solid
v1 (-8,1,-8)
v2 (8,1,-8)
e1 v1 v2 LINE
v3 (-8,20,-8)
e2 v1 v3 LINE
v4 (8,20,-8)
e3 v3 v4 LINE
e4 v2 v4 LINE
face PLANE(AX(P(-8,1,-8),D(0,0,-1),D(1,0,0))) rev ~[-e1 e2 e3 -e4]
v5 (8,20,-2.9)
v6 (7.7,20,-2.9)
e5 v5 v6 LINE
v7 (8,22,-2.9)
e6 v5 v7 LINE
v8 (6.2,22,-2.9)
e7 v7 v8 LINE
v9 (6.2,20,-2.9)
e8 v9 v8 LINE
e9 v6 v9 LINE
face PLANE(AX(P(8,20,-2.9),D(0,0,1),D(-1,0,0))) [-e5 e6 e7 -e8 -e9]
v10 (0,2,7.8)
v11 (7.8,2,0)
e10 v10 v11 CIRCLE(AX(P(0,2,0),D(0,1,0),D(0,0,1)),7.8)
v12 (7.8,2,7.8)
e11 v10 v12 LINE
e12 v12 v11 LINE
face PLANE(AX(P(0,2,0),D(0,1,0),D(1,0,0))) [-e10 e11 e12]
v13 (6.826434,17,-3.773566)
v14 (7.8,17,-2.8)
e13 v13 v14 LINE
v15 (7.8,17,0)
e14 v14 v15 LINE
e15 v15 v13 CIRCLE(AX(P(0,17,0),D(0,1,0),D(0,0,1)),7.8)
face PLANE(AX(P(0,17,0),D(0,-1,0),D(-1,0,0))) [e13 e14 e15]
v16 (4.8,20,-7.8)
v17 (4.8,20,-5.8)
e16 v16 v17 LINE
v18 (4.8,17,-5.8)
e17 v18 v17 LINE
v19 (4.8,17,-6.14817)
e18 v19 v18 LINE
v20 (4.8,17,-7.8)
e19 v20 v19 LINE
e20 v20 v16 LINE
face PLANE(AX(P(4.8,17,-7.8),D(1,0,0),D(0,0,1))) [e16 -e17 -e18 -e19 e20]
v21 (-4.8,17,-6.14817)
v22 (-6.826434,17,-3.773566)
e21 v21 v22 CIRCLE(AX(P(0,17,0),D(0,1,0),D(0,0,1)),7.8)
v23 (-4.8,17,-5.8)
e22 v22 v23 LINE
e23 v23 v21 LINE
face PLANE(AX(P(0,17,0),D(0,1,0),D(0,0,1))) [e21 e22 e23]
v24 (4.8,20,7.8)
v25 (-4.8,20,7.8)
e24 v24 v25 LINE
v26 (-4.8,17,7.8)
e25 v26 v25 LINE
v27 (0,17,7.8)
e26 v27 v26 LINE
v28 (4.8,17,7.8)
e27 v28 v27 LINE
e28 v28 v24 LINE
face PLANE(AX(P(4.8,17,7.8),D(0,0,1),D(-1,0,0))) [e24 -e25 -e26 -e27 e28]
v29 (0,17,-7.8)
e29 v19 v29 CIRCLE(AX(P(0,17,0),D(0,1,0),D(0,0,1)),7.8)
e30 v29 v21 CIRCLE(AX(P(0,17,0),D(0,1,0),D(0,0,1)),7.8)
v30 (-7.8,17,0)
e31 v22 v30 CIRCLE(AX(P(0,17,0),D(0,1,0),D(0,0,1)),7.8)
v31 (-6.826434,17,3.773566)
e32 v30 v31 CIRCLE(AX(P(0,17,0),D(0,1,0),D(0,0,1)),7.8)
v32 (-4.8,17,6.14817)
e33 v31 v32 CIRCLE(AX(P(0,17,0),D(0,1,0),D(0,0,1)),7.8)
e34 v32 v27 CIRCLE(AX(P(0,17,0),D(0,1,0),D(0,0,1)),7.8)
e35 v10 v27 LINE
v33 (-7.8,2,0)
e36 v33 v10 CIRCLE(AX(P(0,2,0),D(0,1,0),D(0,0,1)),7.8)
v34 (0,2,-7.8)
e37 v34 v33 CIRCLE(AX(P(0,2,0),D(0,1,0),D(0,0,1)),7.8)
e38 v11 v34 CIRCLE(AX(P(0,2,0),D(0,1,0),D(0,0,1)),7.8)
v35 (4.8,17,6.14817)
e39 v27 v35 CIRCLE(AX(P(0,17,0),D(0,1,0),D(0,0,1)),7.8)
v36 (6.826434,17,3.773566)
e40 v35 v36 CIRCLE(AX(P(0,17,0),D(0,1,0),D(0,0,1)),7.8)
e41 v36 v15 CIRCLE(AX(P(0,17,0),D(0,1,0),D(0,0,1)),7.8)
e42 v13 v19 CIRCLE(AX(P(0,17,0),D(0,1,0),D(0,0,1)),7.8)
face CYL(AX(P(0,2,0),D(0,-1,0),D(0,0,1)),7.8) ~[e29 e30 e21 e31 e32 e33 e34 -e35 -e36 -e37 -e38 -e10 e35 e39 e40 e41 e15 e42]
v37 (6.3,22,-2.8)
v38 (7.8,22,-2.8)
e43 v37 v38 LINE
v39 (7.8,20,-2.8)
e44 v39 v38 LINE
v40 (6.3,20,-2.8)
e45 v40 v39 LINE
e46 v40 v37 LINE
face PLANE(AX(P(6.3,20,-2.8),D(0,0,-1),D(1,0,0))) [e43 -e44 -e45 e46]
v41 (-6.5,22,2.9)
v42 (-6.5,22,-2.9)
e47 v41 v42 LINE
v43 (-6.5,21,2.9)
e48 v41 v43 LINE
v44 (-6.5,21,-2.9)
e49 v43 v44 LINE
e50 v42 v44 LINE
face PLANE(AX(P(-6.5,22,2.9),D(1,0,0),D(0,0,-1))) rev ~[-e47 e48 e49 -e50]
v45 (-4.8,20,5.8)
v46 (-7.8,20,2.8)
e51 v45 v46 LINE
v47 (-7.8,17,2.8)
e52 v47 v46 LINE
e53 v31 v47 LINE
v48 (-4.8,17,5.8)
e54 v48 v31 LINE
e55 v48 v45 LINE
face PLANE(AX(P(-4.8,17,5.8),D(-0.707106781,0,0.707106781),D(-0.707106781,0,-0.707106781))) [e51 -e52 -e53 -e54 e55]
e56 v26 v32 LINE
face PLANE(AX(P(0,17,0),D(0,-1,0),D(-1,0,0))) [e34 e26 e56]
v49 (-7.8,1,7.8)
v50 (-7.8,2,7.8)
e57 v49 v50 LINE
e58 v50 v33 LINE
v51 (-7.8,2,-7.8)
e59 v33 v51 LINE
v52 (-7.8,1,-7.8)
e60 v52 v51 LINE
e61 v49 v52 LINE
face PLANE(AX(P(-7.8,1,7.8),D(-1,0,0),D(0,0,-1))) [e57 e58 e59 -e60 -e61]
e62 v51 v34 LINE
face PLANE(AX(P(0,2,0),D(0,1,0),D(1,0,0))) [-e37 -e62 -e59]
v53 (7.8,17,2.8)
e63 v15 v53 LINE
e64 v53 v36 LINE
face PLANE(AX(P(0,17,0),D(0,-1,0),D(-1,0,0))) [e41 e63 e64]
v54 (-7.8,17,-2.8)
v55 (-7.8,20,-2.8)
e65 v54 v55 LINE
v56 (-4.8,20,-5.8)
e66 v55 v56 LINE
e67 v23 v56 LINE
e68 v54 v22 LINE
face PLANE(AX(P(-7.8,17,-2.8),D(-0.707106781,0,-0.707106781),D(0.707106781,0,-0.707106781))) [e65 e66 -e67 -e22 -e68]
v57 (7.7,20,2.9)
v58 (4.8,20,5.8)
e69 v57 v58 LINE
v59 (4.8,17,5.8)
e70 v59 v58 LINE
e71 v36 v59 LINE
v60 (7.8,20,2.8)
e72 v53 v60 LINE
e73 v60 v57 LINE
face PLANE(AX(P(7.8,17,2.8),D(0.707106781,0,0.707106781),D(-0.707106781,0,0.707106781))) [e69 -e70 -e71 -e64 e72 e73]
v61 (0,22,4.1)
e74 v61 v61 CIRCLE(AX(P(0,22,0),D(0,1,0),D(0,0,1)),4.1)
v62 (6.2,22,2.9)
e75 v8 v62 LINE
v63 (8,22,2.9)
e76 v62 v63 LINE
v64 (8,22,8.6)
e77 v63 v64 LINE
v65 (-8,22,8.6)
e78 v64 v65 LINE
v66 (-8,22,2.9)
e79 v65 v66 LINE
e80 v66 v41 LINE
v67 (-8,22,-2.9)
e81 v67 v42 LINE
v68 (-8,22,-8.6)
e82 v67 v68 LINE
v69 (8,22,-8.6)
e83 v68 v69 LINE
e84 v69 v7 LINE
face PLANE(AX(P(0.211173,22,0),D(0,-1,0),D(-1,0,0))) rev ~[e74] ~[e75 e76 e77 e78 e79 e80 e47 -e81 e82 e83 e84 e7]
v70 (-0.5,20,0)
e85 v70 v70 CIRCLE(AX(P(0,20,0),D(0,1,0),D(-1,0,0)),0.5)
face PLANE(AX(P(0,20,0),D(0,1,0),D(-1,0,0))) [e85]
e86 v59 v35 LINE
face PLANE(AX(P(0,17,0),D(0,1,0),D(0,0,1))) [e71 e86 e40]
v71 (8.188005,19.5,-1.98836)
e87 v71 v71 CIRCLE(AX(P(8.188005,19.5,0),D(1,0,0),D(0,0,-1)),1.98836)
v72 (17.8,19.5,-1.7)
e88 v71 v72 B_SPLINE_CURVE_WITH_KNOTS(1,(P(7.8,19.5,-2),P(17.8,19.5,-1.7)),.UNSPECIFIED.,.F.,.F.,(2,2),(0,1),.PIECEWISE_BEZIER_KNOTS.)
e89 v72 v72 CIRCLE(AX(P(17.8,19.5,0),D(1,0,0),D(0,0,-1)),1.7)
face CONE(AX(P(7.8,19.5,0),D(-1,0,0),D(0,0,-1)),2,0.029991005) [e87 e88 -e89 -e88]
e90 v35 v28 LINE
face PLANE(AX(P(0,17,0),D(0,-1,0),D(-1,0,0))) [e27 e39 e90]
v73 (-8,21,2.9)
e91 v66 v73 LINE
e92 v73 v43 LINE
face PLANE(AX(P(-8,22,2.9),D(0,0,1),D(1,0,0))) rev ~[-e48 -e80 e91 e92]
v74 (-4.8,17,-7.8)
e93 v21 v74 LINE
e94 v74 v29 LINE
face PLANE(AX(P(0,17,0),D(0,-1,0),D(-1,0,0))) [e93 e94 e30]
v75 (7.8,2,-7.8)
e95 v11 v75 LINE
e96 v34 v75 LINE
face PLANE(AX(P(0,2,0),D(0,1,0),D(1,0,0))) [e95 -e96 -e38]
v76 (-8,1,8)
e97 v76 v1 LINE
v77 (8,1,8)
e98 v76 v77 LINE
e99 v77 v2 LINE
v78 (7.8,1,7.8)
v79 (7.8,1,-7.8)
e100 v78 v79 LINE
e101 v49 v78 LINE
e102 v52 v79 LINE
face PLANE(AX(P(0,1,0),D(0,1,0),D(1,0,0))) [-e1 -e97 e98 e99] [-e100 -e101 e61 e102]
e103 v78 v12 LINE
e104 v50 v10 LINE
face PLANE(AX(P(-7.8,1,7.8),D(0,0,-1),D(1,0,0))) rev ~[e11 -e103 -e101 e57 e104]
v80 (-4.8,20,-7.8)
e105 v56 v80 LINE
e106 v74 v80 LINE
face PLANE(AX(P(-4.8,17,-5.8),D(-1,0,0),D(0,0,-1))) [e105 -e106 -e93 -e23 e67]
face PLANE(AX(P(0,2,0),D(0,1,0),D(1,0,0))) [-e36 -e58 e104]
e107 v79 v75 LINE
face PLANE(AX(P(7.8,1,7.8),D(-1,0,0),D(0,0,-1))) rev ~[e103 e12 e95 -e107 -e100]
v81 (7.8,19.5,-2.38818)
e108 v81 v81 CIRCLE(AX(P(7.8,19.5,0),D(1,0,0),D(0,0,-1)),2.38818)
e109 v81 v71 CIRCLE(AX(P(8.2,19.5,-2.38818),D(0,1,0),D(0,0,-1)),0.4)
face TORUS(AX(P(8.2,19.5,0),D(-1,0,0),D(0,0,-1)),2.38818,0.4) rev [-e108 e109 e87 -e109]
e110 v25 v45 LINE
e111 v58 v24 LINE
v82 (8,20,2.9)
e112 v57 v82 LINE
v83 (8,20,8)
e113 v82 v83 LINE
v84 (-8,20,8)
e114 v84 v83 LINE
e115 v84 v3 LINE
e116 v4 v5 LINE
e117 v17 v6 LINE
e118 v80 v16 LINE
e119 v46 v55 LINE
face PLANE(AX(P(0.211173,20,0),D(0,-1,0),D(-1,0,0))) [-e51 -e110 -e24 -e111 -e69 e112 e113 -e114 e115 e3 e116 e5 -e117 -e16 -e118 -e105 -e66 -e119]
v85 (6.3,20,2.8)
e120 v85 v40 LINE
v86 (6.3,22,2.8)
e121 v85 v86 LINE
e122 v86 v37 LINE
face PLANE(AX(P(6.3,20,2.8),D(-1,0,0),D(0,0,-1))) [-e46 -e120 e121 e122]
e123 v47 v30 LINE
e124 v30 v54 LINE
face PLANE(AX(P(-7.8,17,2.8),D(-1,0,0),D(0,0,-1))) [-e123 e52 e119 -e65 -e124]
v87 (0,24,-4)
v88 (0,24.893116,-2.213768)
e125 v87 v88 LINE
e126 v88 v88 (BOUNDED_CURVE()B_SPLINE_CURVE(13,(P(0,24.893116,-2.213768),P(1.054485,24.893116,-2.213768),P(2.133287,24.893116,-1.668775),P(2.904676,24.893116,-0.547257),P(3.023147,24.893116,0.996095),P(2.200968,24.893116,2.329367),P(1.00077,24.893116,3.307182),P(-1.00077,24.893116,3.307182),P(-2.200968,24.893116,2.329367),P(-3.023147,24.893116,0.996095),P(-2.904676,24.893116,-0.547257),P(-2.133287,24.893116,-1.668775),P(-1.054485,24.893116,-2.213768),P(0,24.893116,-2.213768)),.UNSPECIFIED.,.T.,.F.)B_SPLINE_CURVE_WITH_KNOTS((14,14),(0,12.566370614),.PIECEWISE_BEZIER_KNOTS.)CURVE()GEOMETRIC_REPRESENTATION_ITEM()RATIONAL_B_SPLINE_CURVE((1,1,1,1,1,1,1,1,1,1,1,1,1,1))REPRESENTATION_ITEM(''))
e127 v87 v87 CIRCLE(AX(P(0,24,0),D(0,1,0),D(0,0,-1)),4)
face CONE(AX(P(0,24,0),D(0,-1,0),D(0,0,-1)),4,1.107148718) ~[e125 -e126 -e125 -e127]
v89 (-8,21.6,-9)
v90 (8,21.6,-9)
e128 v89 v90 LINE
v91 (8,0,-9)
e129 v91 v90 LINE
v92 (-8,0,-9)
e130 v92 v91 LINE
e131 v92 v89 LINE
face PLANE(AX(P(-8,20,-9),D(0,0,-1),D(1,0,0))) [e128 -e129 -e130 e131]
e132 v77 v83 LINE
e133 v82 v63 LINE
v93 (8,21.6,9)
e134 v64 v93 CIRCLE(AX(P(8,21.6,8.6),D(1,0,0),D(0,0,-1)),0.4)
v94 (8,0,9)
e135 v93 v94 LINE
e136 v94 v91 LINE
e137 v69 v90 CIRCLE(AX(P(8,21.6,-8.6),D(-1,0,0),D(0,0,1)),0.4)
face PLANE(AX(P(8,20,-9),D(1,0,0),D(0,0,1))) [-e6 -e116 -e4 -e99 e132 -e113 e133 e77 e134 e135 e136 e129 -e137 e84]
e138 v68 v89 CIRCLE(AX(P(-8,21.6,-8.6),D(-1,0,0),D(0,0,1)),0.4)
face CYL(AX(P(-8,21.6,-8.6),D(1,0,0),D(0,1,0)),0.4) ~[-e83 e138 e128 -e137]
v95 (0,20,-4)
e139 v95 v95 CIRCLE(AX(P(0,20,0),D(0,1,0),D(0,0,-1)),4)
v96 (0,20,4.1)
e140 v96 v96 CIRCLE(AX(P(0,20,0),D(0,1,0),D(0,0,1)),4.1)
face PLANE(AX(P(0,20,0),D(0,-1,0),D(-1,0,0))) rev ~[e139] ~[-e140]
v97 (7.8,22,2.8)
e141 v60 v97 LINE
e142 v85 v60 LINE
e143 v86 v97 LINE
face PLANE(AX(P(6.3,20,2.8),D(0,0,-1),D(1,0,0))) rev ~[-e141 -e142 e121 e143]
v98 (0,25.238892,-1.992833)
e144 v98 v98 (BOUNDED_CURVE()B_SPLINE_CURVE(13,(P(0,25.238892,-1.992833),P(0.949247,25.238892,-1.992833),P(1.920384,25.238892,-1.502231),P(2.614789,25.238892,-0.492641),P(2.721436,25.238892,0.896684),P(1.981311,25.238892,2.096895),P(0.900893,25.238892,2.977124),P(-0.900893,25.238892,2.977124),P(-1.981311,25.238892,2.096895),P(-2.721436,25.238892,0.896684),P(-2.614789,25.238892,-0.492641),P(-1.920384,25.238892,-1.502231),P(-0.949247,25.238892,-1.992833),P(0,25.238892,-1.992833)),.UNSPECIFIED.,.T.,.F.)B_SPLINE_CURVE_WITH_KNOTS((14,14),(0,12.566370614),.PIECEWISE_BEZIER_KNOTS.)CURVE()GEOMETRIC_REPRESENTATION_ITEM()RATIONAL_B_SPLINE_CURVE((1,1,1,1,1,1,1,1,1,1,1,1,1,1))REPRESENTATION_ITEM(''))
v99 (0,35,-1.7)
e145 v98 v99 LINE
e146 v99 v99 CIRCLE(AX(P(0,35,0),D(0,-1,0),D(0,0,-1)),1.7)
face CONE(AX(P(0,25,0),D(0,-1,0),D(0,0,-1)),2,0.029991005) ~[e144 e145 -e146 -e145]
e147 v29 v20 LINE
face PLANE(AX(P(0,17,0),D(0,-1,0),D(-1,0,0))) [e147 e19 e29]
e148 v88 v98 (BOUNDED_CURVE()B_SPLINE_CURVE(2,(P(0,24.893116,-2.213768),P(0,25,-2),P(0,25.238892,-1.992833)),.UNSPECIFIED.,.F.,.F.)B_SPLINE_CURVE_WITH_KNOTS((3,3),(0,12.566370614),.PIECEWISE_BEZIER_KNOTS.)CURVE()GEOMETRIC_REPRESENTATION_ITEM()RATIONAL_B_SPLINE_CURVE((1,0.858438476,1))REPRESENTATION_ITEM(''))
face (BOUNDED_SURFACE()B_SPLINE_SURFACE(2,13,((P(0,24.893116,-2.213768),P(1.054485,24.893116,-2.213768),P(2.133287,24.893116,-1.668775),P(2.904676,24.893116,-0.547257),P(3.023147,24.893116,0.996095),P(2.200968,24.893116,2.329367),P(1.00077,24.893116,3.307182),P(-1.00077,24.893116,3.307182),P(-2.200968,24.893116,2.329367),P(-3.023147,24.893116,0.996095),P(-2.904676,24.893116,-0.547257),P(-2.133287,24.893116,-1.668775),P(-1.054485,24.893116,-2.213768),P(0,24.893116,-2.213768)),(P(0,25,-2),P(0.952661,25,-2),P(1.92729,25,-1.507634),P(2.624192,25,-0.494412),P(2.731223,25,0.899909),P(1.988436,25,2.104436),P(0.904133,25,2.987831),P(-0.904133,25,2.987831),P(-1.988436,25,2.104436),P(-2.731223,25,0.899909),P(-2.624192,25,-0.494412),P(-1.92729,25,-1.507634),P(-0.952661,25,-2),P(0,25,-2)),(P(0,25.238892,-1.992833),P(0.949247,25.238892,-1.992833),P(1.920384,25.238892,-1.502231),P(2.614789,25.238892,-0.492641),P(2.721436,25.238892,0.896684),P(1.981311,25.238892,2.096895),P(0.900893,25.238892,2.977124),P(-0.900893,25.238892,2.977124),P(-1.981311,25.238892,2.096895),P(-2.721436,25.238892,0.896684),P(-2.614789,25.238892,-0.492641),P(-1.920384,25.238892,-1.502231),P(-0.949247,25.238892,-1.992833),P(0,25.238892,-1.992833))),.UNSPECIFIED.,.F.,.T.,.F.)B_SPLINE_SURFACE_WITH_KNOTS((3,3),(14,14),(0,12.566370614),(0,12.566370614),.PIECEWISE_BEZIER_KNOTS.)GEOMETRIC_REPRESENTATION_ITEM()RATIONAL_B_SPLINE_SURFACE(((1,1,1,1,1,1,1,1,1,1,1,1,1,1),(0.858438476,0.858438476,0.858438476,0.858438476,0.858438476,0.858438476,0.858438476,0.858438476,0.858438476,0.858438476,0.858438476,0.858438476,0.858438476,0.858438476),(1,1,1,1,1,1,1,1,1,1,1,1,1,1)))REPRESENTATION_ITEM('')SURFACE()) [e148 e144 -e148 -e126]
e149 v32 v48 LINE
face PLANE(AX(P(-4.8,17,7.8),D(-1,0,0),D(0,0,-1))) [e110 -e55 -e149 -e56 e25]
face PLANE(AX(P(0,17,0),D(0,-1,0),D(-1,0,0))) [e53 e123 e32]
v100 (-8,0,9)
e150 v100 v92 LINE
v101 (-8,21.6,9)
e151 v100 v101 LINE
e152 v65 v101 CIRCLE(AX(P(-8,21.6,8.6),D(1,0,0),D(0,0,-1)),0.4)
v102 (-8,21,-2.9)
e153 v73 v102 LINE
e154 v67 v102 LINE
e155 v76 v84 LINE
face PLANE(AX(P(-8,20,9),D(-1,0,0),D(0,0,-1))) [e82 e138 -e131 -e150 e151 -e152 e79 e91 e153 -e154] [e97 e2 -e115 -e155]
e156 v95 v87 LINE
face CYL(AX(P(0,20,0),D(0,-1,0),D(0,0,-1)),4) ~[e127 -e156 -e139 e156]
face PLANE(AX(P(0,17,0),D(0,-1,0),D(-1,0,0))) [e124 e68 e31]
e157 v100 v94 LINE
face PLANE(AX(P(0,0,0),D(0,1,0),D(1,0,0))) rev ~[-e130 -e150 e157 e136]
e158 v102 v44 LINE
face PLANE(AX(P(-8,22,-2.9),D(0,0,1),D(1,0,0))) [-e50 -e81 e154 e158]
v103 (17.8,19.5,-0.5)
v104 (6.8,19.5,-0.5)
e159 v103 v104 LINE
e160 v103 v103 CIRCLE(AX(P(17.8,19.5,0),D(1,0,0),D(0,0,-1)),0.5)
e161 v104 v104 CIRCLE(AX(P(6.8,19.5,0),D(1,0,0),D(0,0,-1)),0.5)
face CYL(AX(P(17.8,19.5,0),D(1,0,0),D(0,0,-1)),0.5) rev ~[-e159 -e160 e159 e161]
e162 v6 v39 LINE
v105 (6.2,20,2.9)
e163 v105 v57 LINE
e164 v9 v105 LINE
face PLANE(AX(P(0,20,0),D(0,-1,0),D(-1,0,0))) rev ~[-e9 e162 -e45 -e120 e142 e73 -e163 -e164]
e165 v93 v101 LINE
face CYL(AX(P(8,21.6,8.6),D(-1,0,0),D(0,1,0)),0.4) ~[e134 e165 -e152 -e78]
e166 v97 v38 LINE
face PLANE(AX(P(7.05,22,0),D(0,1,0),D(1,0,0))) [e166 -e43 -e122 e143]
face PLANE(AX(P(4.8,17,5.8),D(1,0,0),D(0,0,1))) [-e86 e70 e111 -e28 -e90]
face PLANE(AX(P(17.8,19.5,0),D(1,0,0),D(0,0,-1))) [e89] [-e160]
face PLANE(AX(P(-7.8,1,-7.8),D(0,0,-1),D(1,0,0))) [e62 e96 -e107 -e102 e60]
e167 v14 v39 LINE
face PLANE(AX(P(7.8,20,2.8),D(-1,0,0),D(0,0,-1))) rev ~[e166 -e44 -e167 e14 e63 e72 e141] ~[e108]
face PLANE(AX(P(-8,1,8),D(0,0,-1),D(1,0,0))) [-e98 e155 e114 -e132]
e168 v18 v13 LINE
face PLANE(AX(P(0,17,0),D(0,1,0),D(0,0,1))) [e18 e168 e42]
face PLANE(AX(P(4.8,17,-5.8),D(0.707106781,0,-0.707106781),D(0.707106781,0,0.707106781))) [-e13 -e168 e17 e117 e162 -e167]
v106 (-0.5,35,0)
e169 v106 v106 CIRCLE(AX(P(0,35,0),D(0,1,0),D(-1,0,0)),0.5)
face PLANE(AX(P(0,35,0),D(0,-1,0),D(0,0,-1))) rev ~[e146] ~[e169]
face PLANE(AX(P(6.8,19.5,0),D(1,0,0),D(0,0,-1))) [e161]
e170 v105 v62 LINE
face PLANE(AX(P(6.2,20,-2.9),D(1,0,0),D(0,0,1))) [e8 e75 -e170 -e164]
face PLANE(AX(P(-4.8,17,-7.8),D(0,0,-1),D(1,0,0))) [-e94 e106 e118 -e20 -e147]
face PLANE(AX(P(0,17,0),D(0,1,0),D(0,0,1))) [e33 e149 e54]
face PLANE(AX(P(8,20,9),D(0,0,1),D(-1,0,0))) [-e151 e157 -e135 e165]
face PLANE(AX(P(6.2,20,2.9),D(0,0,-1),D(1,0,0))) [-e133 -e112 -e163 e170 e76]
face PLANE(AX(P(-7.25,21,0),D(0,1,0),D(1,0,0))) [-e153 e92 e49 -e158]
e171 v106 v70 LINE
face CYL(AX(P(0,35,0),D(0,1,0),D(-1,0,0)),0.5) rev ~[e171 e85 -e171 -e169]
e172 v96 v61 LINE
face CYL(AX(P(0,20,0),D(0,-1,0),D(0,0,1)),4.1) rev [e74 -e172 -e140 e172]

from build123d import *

# Parameters (mm, degrees)
SKETCH_1_W          = 16
SKETCH_1_H          = 18
EXTRUDE_1_DEPTH     = 1
SKETCH_2_W          = 15.6
SKETCH_2_H          = 15.6
EXTRUDE_2_DEPTH     = 1
SKETCH_3_R          = 7.8
EXTRUDE_3_DEPTH     = 15
EXTRUDE_4_DEPTH     = 3
SKETCH_5_R          = 4
EXTRUDE_5_DEPTH     = 4
SKETCH_7_R          = 0.5
CUT_EXTRUDE_1_DEPTH = 15
SKETCH_8_W          = 1.5
SKETCH_8_H          = 5.6
EXTRUDE_6_DEPTH     = 2
SKETCH_9_R          = 2
SKETCH_10_R         = 1.7
SKETCH_11_R         = 0.5
CUT_EXTRUDE_2_DEPTH = 11
SKETCH_12_W         = 16
SKETCH_12_H         = 1
EXTRUDE_7_DEPTH     = 19
SKETCH_13_R         = 4.1
EXTRUDE_8_DEPTH     = 2
SKETCH_14_W         = 1.5
SKETCH_14_H         = 5.8
CUT_EXTRUDE_3_DEPTH = 1
FILLET_1_R          = 0.4
FILLET_2_R          = 0.4


with BuildPart() as part:
    # 草图1 → 凸台-拉伸1 (new body)
    with BuildSketch(Plane(origin=(0, 0, 0), x_dir=(1, 0, 0), z_dir=(0, 1, 0))):
        Rectangle(SKETCH_1_W, SKETCH_1_H)
    extrude(amount=EXTRUDE_1_DEPTH)

    # 草图2 → 凸台-拉伸2 (add)
    with BuildSketch(Plane(origin=(0, 1, 0), x_dir=(1, 0, 0), z_dir=(0, 1, 0))):
        Rectangle(SKETCH_2_W, SKETCH_2_H)
    extrude(amount=EXTRUDE_2_DEPTH)

    # 草图3 → 凸台-拉伸3 (add)
    with BuildSketch(Plane(origin=(0, 2, 0), x_dir=(1, 0, 0), z_dir=(0, 1, 0))):
        with Locations(Location((0, 0, 0), (0, 0, 270))):
            Circle(SKETCH_3_R)
    extrude(amount=EXTRUDE_3_DEPTH)

    # 草图4 → 凸台-拉伸4 (add)
    with BuildSketch(Plane(origin=(0, 17, 0), x_dir=(1, 0, 0), z_dir=(0, 1, 0))):
        Polygon((-4.8, 7.8), (4.8, 7.8), (4.8, 5.8), (7.8, 2.8), (7.8, -2.8), (4.8, -5.8), (4.8, -7.8), (-4.8, -7.8), (-4.8, -5.8), (-7.8, -2.8), (-7.8, 2.8), (-4.8, 5.8), align=None)
    extrude(amount=EXTRUDE_4_DEPTH)

    # 草图5 → 凸台-拉伸5 (add)
    with BuildSketch(Plane(origin=(0, 20, 0), x_dir=(1, 0, 0), z_dir=(0, 1, 0))):
        with Locations(Location((0, 0, 0), (0, 0, 90))):
            Circle(SKETCH_5_R)
    extrude(amount=EXTRUDE_5_DEPTH)

    # 草图6 → 旋转1 (revolve)
    with BuildSketch(Plane.XY, mode=Mode.PRIVATE) as revolve_1_sk:
        Polygon((0, 24), (4, 24), (2, 25), (1.7, 35), (0, 35), align=None)
    revolve(revolve_1_sk.sketch.rotate(Axis((0, 35, 0), (0, -1, 0)), 270), axis=Axis((0, 35, 0), (0, -1, 0)))

    # 草图7 → 切除-拉伸1 (cut)
    with BuildSketch(Plane(origin=(0, 35, 0), x_dir=(1, 0, 0), z_dir=(0, 1, 0))):
        with Locations(Location((0, 0, 0), (0, 0, 180))):
            Circle(SKETCH_7_R)
    extrude(amount=-CUT_EXTRUDE_1_DEPTH, mode=Mode.SUBTRACT)

    # 草图8 → 凸台-拉伸6 (add)
    with BuildSketch(Plane(origin=(0, 20, 0), x_dir=(1, 0, 0), z_dir=(0, 1, 0))):
        with Locations((7.05, 0)):
            Rectangle(SKETCH_8_W, SKETCH_8_H)
    extrude(amount=EXTRUDE_6_DEPTH)

    # 草图9 → 放样1 section 0
    with BuildSketch(Plane(origin=(7.8, 0, 0), x_dir=(0, 0, -1), z_dir=(1, 0, 0))):
        with Locations((0, 19.5)):
            Circle(SKETCH_9_R)
    # 草图10 → 放样1 section 1
    with BuildSketch(Plane(origin=(17.8, 0, 0), x_dir=(0, 0, -1), z_dir=(1, 0, 0))):
        with Locations((0, 19.5)):
            Circle(SKETCH_10_R)
    loft()

    # 草图11 → 切除-拉伸2 (cut)
    with BuildSketch(Plane(origin=(17.8, 0, 0), x_dir=(0, 0, -1), z_dir=(1, 0, 0))):
        with Locations((0, 19.5)):
            Circle(SKETCH_11_R)
    extrude(amount=-CUT_EXTRUDE_2_DEPTH, mode=Mode.SUBTRACT)

    # 草图12 → 凸台-拉伸7 (add)
    with BuildSketch(Plane(origin=(0, 1, 0), x_dir=(1, 0, 0), z_dir=(0, 1, 0))):
        with Locations((0, 8.5)):
            Rectangle(SKETCH_12_W, SKETCH_12_H)
        with Locations((0, -8.5)):
            Rectangle(SKETCH_12_W, SKETCH_12_H)
    extrude(amount=EXTRUDE_7_DEPTH)

    # 草图13 → 凸台-拉伸8 (add)
    with BuildSketch(Plane(origin=(0, 20, 0), x_dir=(1, 0, 0), z_dir=(0, 1, 0))):
        Polygon((8, 2.9), (6.2, 2.9), (6.2, -2.9), (8, -2.9), (8, -9), (-8, -9), (-8, 9), (8, 9), align=None)
        with Locations(Location((0, 0, 0), (0, 0, 270))):
            Circle(SKETCH_13_R, mode=Mode.SUBTRACT)
    extrude(amount=EXTRUDE_8_DEPTH)

    # 草图14 → 切除-拉伸3 (cut)
    with BuildSketch(Plane(origin=(0, 22, 0), x_dir=(1, 0, 0), z_dir=(0, 1, 0))):
        with Locations((-7.25, 0)):
            Rectangle(SKETCH_14_W, SKETCH_14_H)
    extrude(amount=-CUT_EXTRUDE_3_DEPTH, mode=Mode.SUBTRACT)

    # 圆角1
    fillet_1_edges = [part.edges().sort_by_distance(p)[0] for p in [
        (7.8, 19.5, 2),
        (0, 25, 2),
    ]]
    fillet(fillet_1_edges, radius=FILLET_1_R)

    # 圆角2
    fillet_2_edges = [part.edges().sort_by_distance(p)[0] for p in [
        (0, 22, 9),
        (0, 22, -9),
    ]]
    fillet(fillet_2_edges, radius=FILLET_2_R)


solid = part.part
